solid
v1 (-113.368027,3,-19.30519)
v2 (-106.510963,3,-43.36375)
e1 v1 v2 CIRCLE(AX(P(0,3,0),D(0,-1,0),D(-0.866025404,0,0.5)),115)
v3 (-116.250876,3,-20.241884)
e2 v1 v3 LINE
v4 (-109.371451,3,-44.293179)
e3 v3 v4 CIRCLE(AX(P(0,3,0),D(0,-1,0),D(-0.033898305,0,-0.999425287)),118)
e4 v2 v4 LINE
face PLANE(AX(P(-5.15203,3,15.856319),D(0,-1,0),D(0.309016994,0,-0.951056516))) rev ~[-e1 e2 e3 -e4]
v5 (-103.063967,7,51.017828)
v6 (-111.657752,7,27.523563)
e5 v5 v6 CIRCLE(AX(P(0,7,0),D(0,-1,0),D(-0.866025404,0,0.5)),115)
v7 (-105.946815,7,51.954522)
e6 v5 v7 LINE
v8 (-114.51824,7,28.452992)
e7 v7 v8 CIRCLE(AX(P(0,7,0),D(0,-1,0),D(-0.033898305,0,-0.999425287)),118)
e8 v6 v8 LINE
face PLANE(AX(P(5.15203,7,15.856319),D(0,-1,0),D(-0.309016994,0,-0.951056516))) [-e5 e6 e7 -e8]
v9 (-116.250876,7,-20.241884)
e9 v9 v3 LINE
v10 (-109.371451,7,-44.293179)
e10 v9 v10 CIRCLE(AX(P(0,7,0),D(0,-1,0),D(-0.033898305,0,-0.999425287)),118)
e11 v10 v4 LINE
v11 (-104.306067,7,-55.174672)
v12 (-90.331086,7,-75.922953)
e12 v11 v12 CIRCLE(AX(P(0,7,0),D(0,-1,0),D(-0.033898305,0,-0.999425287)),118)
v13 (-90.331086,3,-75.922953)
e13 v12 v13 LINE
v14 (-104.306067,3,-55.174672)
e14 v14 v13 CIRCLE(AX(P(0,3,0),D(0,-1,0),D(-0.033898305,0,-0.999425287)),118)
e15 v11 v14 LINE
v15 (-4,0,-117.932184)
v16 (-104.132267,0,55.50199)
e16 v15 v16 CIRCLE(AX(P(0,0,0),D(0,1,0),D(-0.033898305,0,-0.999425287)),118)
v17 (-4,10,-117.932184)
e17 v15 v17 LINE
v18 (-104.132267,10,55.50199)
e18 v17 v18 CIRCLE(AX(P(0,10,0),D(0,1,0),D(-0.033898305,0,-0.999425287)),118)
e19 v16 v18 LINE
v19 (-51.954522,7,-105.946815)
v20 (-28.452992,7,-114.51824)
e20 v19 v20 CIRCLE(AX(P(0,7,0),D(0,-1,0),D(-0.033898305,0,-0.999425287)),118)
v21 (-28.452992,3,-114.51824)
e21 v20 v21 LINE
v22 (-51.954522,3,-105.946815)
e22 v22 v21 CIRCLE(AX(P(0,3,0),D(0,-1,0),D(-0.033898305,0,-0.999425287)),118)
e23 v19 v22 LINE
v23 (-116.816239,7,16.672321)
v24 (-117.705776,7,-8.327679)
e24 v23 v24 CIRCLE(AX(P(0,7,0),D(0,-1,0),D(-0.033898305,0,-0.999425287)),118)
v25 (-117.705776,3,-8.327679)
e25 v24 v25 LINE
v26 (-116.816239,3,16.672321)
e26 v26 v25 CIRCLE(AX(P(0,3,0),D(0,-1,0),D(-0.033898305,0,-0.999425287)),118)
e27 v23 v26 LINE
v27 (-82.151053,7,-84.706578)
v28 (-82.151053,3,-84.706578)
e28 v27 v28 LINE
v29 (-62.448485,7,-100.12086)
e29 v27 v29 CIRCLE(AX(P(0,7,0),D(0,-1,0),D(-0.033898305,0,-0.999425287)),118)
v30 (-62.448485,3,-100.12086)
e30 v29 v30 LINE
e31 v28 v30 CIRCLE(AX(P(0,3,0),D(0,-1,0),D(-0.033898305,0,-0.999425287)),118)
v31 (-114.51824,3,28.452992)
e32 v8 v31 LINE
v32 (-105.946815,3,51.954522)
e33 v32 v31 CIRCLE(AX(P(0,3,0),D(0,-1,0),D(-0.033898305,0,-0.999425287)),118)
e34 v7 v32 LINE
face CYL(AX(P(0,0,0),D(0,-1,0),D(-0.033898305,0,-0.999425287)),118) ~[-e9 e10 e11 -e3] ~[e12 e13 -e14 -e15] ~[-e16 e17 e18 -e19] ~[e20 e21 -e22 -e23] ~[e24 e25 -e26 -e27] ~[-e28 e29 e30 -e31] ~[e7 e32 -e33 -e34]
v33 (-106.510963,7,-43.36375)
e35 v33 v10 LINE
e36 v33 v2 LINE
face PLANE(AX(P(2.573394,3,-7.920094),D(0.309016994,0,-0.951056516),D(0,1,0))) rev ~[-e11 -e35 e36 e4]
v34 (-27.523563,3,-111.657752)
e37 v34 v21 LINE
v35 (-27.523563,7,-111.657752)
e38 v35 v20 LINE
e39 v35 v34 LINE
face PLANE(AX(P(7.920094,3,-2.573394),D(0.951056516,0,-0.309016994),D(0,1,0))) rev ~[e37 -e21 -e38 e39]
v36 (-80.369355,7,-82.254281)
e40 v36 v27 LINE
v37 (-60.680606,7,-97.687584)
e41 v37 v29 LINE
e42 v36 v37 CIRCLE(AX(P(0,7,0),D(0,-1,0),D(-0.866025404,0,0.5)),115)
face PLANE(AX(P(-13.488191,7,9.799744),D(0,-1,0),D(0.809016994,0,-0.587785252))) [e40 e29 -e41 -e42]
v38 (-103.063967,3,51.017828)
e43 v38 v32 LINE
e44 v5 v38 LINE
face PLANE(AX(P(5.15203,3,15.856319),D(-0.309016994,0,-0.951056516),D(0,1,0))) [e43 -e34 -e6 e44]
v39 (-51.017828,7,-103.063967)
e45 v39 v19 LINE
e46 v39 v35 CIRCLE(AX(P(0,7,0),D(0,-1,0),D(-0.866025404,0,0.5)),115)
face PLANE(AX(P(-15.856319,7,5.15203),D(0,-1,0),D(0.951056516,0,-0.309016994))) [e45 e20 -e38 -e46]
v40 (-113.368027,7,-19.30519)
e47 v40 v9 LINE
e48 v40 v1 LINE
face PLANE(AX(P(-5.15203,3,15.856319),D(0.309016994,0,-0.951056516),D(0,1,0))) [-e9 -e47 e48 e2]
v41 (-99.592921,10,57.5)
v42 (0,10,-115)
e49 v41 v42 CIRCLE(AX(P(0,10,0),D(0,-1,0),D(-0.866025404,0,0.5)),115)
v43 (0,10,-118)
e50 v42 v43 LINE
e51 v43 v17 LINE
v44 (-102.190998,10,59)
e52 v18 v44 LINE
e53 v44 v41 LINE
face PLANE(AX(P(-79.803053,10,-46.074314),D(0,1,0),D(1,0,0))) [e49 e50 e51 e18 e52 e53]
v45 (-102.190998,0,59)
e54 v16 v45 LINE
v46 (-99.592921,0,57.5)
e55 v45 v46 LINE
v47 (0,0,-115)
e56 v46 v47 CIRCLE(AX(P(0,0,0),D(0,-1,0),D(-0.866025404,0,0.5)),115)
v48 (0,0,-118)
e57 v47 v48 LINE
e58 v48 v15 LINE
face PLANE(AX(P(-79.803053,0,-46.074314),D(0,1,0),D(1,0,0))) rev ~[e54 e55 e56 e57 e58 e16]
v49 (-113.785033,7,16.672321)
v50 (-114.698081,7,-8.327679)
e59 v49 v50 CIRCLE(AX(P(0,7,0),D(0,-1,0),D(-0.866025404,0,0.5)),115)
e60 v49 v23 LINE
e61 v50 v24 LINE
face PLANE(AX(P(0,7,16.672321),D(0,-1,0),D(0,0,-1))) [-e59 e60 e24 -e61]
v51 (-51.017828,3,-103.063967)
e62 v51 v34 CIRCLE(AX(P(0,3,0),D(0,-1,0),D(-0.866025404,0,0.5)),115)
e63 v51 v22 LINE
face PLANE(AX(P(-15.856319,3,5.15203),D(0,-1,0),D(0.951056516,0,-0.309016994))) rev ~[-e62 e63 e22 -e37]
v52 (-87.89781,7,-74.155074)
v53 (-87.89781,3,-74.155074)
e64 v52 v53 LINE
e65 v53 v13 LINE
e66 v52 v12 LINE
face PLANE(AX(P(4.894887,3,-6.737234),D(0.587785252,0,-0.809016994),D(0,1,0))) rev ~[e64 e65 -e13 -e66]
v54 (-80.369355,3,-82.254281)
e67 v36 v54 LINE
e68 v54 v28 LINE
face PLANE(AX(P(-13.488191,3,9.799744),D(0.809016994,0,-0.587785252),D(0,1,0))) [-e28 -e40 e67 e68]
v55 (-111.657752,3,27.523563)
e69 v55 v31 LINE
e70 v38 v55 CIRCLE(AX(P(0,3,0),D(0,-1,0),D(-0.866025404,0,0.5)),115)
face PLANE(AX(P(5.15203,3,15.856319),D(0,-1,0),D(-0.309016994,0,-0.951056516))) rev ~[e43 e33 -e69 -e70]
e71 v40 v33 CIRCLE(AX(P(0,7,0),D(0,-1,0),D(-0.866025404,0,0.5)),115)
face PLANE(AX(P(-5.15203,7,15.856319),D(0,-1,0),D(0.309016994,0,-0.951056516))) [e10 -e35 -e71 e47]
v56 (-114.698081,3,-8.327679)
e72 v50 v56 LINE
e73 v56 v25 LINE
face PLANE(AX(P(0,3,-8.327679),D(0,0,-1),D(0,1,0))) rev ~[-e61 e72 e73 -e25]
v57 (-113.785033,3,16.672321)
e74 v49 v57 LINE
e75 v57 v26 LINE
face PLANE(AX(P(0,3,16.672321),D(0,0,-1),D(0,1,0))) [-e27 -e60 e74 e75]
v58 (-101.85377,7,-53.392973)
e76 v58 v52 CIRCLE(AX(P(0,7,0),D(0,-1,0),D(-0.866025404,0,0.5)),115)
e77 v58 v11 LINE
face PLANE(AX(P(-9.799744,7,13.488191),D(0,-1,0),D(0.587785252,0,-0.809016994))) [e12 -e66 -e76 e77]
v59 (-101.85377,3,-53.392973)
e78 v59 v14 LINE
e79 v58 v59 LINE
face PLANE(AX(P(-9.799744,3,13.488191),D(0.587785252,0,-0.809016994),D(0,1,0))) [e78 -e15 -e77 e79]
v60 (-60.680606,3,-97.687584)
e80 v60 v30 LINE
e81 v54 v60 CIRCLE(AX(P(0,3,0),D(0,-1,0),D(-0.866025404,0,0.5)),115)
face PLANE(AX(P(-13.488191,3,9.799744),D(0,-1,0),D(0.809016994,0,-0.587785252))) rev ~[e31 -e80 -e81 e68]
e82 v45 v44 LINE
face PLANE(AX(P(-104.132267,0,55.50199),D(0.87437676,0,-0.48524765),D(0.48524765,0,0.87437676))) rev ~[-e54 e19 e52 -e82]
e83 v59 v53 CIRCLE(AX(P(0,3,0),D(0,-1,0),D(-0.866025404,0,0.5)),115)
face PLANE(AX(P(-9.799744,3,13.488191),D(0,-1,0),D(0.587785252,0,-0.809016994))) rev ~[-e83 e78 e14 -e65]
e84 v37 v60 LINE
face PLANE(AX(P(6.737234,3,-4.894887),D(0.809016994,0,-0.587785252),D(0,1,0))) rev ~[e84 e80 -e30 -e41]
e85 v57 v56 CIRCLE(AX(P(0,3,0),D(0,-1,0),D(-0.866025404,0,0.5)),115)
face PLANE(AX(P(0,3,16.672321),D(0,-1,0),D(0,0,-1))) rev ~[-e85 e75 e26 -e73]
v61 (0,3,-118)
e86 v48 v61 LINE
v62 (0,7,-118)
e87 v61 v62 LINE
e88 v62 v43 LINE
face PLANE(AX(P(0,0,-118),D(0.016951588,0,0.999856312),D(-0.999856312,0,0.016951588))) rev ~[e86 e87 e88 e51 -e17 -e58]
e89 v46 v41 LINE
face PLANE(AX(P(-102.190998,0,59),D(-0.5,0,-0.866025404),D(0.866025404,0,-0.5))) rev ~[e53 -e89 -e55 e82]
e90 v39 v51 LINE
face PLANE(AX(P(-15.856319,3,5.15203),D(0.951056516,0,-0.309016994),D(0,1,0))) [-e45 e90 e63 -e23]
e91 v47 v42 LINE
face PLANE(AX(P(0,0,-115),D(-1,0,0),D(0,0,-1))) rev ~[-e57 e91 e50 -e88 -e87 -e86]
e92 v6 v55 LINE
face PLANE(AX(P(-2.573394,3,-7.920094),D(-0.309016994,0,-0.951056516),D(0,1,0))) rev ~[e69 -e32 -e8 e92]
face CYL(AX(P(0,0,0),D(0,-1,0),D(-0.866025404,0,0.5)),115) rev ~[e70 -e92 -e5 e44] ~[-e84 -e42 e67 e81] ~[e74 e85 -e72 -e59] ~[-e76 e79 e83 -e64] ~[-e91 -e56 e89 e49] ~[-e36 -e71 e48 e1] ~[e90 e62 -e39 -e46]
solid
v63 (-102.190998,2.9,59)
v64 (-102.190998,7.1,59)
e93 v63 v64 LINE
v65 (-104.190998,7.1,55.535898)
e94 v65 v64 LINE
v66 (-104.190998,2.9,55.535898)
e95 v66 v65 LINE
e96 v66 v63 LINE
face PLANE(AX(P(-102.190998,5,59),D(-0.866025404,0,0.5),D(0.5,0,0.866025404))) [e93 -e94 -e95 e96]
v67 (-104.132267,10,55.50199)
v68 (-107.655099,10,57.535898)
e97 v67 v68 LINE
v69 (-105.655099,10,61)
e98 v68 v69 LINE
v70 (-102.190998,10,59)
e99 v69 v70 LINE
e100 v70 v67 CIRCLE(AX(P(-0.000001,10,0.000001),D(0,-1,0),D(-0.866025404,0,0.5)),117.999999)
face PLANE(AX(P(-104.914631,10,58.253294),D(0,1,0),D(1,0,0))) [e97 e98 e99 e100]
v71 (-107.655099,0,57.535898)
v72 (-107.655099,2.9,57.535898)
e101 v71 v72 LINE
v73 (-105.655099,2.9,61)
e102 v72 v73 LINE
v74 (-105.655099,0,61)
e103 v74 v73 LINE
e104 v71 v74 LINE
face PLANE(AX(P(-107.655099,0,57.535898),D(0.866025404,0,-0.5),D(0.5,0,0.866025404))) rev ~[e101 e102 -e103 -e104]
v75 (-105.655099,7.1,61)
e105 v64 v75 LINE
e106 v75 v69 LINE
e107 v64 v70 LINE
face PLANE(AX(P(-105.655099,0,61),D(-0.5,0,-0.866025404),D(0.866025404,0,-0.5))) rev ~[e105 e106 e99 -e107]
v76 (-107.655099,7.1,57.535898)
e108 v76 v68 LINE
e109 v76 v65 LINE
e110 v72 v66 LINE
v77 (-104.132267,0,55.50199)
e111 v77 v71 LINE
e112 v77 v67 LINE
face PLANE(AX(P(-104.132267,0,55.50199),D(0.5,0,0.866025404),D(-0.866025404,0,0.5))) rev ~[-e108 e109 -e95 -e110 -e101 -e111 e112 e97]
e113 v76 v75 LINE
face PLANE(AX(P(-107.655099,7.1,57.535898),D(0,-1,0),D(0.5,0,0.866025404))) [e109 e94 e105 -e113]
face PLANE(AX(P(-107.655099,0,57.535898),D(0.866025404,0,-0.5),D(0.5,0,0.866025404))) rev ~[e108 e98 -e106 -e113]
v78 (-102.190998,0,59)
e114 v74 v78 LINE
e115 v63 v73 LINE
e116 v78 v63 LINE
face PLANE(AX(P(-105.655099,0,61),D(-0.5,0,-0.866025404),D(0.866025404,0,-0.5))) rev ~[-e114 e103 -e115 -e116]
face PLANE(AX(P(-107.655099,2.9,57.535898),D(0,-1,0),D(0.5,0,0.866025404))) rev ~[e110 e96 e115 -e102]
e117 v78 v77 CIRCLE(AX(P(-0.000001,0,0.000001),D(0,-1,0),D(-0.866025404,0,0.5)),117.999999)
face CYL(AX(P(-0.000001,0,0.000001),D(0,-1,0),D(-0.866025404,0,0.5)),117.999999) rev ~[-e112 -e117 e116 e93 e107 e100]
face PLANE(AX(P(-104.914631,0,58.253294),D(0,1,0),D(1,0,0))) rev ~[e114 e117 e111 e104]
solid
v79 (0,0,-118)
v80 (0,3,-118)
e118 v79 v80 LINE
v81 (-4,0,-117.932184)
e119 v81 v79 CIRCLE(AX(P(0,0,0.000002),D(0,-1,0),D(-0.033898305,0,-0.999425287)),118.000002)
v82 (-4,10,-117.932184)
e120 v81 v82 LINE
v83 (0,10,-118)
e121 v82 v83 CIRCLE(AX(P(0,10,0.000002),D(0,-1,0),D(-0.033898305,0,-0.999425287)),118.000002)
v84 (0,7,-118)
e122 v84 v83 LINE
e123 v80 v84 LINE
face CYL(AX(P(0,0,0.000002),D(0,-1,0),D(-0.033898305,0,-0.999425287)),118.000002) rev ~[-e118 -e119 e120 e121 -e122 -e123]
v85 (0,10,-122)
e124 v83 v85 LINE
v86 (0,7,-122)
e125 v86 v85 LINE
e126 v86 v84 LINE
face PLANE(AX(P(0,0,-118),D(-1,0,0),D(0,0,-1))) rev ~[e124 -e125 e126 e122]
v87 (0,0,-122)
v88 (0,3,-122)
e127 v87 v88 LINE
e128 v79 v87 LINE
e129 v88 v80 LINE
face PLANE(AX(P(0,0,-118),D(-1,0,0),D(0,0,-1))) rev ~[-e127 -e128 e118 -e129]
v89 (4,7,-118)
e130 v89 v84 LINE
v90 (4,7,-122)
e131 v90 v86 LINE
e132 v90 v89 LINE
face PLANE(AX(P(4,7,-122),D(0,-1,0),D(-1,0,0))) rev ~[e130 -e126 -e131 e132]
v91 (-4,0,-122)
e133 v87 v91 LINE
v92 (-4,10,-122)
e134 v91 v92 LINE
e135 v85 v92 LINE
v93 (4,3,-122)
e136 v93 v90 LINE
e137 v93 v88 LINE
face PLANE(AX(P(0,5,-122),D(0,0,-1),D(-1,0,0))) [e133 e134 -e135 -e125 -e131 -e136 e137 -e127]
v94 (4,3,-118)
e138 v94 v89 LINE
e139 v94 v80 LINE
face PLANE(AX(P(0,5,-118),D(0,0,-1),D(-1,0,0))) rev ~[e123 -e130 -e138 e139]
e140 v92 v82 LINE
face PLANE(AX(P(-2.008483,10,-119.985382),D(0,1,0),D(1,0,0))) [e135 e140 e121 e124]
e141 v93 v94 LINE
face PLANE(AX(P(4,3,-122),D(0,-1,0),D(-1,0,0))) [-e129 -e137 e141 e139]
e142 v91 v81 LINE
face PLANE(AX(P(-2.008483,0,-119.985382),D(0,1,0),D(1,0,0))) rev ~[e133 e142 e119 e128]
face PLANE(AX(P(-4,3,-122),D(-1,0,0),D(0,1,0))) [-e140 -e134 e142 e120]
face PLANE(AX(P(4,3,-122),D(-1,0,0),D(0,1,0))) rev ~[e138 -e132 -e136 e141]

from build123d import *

# Parameters (mm, degrees)
BOSS_EXTRUDE1_DEPTH             = 10
BOSS_EXTRUDE1_2_DEPTH           = 10
BOSS_EXTRUDE1_3_DEPTH           = 10
SKETCH2_W                       = 8
SKETCH2_H                       = 4.2
CUT_EXTRUDE1_DEPTH              = 4
SKETCH3_W                       = 8
SKETCH3_H                       = 4
BOSS_EXTRUDE2_DEPTH             = 4
SKETCH4_W                       = 25
SKETCH4_H                       = 4
CUT_EXTRUDE2_DEPTH              = 171.023527784
CIRPATTERN4_COUNT               = 5
CIRPATTERN4_ANGLE               = 72
CIRPATTERN4_THE_OTHER_WAY_COUNT = 5
CIRPATTERN4_THE_OTHER_WAY_ANGLE = 72


with BuildPart() as part:
    # Sketch1 → Boss-Extrude1 (new body)
    with BuildSketch(Plane(origin=(0, 0, 0), x_dir=(1, 0, 0), z_dir=(0, 1, 0))):
        with BuildLine():
            Line((0, 115), (0, 118))
            Line((0, 118), (-4, 117.932183902))
            ThreePointArc((-4, 117.932183902), (-102.190997647, 59), (-104.132267183, -55.501990336))
            Line((-104.132267183, -55.501990336), (-102.190997647, -59))
            Line((-102.190997647, -59), (-99.592921435, -57.5))
            ThreePointArc((-99.592921435, -57.5), (-99.592921435, 57.5), (0, 115))
        make_face()
    extrude(amount=BOSS_EXTRUDE1_DEPTH)



with BuildPart() as body_2:
    # Sketch1 → Boss-Extrude1 2 (new body)
    with BuildSketch(Plane(origin=(0, 0, 0), x_dir=(1, 0, 0), z_dir=(0, 1, 0))):
        with BuildLine():
            ThreePointArc((-4, 117.932183902), (-2.000287418, 117.983044757), (0, 118))
            Line((0, 118), (0, 122))
            Line((0, 122), (-4, 122))
            Line((-4, 122), (-4, 117.932183902))
        make_face()
    extrude(amount=BOSS_EXTRUDE1_2_DEPTH)


with BuildPart() as body_3:
    # Sketch1 → Boss-Extrude1 3 (new body)
    with BuildSketch(Plane(origin=(0, 0, 0), x_dir=(1, 0, 0), z_dir=(0, 1, 0))):
        with BuildLine():
            ThreePointArc((-102.190997647, -59), (-103.176457685, -57.25922266), (-104.132267183, -55.501990336))
            Line((-104.132267183, -55.501990336), (-107.655099262, -57.535898385))
            Line((-107.655099262, -57.535898385), (-105.655099262, -61))
            Line((-105.655099262, -61), (-102.190997647, -59))
        make_face()
    extrude(amount=BOSS_EXTRUDE1_3_DEPTH)

    # Sketch2 → Cut-Extrude1 (cut)
    with BuildSketch(Plane(origin=(-105.655099262, 0, 61), x_dir=(0.5000000000000009, 0, 0.8660254037844382), z_dir=(-0.8660254037844382, 0, 0.5000000000000009))):
        with Locations((0, 5)):
            Rectangle(SKETCH2_W, SKETCH2_H)
    extrude(amount=-CUT_EXTRUDE1_DEPTH, mode=Mode.SUBTRACT)


with BuildPart() as part_1:
    add(part.part)

    add(body_2.part)  # Boss-Extrude2 merges body 2
    # Sketch3 → Boss-Extrude2 (add)
    with BuildSketch(Plane(origin=(0, 0, -122), x_dir=(-1, 0, 0), z_dir=(0, 0, -1))):
        with Locations((0, 5)):
            Rectangle(SKETCH3_W, SKETCH3_H)
    extrude(amount=-BOSS_EXTRUDE2_DEPTH)

    # Sketch4 → Cut-Extrude2 (cut, through all)
    with BuildSketch(Plane(origin=(0, 0, 0), x_dir=(0, 0, -1), z_dir=(1, 0, 0))):
        with Locations((-4.172320837, 5)):
            Rectangle(SKETCH4_W, SKETCH4_H)
    cut_extrude2 = extrude(amount=-CUT_EXTRUDE2_DEPTH, mode=Mode.SUBTRACT)

    # CirPattern4: Cut-Extrude2 ×5 about axis
    cirpattern4_axis = Axis((0, 0, 0), (0, -1, 0))
    for i in range(1, CIRPATTERN4_COUNT):
        add(cut_extrude2.rotate(cirpattern4_axis, i * CIRPATTERN4_ANGLE / (CIRPATTERN4_COUNT - 1)), mode=Mode.SUBTRACT)

    # CirPattern4 the other way: Cut-Extrude2 ×5 about axis
    cirpattern4_the_other_way_axis = Axis((0, 0, 0), (0, 1, 0))
    for i in range(1, CIRPATTERN4_THE_OTHER_WAY_COUNT):
        add(cut_extrude2.rotate(cirpattern4_the_other_way_axis, i * CIRPATTERN4_THE_OTHER_WAY_ANGLE / (CIRPATTERN4_THE_OTHER_WAY_COUNT - 1)), mode=Mode.SUBTRACT)


solid = Compound([body_3.part, part_1.part])
